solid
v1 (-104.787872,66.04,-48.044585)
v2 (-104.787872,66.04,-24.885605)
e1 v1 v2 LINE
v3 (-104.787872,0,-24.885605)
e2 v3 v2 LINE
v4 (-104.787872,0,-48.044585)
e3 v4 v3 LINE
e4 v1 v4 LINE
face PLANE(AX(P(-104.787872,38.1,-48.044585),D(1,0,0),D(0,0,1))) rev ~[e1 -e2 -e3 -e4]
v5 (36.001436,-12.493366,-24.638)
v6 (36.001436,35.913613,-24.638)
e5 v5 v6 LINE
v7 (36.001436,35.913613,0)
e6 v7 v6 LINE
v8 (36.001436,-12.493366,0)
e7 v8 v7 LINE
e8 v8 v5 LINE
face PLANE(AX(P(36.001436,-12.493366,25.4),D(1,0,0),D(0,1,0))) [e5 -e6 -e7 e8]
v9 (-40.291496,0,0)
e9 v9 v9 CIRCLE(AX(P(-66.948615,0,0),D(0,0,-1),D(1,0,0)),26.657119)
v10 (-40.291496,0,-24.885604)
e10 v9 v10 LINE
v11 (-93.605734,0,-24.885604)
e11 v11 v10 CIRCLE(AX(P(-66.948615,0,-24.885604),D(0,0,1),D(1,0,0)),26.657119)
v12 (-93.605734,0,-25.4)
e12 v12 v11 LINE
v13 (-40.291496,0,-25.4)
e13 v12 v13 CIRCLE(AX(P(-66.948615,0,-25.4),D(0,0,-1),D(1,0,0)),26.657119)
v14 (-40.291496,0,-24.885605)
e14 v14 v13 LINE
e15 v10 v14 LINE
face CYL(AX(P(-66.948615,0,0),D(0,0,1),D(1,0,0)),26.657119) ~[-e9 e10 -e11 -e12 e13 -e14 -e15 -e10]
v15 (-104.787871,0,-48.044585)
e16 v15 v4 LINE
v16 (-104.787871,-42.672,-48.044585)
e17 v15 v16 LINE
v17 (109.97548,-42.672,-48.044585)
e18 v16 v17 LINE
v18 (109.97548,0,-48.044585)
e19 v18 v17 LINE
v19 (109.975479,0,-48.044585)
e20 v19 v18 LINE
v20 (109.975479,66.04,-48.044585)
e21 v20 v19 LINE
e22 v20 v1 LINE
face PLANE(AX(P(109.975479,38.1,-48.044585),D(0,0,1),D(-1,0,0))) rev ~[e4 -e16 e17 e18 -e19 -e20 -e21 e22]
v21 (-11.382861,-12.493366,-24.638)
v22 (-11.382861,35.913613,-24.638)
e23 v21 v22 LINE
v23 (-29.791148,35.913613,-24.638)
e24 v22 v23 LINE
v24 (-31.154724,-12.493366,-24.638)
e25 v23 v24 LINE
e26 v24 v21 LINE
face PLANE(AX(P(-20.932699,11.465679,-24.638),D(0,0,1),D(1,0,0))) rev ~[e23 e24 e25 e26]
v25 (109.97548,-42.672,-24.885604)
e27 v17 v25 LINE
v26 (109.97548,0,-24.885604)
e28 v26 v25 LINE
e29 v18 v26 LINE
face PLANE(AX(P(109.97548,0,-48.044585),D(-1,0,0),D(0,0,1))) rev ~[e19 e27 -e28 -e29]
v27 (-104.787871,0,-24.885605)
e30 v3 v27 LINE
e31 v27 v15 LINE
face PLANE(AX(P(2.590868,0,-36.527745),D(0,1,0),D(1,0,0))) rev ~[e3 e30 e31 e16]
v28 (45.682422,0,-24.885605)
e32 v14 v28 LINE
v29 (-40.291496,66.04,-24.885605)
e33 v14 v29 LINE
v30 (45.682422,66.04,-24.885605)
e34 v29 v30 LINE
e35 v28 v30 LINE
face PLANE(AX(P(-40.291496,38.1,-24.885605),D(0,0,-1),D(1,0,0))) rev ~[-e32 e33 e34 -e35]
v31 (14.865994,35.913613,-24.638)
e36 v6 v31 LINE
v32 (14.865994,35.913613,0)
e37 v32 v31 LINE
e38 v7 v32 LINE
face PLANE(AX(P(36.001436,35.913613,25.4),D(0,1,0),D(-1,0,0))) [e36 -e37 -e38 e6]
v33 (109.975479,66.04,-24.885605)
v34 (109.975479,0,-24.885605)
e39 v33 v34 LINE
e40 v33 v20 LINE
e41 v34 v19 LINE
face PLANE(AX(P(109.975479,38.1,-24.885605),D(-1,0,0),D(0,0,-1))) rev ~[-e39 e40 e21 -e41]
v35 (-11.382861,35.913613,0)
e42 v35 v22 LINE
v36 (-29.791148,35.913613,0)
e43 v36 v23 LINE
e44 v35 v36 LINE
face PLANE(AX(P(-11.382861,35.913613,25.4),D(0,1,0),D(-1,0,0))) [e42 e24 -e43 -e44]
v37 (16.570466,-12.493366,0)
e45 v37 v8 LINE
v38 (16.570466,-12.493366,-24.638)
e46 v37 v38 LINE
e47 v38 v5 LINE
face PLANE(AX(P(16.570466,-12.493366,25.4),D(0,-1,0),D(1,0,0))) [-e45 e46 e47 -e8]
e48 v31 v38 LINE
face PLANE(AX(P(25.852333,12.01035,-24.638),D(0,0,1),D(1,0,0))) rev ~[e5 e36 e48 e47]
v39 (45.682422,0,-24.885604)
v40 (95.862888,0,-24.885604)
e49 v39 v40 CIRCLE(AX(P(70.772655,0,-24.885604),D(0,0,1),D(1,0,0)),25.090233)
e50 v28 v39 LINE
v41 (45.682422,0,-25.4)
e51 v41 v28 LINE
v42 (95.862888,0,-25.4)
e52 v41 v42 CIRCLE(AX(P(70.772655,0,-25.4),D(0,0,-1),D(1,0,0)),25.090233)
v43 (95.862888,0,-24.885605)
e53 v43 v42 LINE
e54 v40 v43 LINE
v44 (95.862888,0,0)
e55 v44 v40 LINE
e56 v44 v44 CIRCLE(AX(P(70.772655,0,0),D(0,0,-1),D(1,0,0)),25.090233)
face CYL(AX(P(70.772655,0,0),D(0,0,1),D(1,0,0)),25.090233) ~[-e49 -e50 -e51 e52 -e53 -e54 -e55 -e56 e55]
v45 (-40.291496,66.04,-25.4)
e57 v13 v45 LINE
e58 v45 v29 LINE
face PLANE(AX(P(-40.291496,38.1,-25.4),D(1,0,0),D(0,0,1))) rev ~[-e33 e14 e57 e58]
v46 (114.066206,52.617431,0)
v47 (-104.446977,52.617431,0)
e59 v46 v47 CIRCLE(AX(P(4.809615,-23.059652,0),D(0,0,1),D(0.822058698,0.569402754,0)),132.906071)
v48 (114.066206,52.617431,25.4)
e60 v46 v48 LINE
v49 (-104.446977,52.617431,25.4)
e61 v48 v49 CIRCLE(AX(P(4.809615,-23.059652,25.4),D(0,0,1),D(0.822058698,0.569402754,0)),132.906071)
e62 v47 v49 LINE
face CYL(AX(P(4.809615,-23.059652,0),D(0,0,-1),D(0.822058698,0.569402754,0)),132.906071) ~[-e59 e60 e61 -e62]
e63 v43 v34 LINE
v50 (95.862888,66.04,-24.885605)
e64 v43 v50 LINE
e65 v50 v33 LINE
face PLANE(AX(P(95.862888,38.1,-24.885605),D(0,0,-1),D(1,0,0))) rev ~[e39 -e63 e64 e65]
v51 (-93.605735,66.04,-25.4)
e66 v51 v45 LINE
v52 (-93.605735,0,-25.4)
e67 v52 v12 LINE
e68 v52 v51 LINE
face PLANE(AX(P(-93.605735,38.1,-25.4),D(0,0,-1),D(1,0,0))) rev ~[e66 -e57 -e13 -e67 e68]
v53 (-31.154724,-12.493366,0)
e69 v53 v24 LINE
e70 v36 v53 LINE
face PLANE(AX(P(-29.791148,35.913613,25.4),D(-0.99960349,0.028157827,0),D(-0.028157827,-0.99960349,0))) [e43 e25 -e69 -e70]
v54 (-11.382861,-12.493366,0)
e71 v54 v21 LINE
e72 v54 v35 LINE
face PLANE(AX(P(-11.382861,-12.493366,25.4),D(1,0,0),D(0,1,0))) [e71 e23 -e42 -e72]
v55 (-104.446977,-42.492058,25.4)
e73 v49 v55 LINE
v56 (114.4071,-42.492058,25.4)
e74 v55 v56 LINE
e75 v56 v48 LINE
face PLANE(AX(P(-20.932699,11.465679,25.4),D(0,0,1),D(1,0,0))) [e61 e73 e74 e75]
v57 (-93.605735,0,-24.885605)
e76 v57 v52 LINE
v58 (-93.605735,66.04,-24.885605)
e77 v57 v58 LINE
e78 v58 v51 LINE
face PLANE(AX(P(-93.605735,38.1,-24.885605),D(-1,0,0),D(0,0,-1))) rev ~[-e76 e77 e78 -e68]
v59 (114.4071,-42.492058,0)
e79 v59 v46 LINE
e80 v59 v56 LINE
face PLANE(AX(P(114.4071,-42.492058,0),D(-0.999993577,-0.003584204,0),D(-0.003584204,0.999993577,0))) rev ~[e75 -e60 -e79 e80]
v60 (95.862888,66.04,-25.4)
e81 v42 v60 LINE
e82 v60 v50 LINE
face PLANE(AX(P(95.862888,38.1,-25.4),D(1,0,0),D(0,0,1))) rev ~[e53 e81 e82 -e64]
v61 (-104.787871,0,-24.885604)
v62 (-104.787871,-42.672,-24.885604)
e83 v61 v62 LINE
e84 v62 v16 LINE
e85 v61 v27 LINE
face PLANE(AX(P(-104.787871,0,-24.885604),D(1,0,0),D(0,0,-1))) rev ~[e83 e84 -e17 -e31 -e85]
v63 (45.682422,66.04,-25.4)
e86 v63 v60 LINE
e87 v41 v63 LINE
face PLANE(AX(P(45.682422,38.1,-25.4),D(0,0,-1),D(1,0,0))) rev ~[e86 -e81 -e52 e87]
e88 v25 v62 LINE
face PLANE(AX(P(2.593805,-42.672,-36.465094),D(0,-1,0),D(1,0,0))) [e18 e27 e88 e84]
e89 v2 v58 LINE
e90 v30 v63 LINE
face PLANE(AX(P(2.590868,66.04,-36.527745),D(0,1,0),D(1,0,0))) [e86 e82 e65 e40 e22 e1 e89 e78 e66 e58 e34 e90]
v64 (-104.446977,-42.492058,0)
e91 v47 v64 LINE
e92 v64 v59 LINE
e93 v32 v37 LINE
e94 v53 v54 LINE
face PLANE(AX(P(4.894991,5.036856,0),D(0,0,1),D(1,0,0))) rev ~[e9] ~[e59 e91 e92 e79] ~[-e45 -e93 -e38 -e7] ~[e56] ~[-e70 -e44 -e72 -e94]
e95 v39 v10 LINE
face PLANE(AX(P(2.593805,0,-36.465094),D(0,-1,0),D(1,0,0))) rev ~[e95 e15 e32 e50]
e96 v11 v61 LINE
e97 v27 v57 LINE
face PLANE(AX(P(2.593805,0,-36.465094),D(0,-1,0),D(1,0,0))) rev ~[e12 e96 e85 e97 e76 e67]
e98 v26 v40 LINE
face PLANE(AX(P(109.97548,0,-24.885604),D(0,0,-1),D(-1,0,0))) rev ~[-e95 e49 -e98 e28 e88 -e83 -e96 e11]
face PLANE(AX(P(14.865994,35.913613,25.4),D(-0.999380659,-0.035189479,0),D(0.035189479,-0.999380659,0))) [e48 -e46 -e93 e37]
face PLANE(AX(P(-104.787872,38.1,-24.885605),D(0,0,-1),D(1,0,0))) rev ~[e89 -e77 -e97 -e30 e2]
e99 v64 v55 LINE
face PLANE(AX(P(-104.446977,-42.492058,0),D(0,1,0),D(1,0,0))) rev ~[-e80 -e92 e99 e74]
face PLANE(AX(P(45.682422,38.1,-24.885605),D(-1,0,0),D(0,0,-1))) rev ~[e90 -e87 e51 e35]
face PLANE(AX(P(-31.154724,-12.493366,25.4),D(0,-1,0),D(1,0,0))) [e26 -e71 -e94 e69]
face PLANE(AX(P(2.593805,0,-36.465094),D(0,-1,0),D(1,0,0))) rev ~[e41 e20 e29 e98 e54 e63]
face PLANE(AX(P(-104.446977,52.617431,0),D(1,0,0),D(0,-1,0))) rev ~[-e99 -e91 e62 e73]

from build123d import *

# Parameters (mm, degrees)
F1_DEPTH = 25.4
F4_DEPTH = 50.038
F2_R     = 25.090233
F2_R_2   = 26.657119
F5_DEPTH = 25.4
F7_DEPTH = 42.672
F8_DEPTH = 38.1
F9_DEPTH = 27.94


with BuildPart() as f1:
    # F0 (on Top) → F1 (new body)
    with BuildSketch(Plane.XY):
        Polygon((-64.763337, -42.492058), (114.4071, -42.492058), (114.066206, 52.617431), (-104.446977, 52.617431), (-104.446977, 43.53686), (-104.446977, -42.492058), align=None)
        with BuildLine():
            Line((-104.446977, 52.617431), (114.066206, 52.617431))
            ThreePointArc((114.066206, 52.617431), (4.809614, 109.846419), (-104.446977, 52.617431))
        make_face()
    extrude(amount=F1_DEPTH)

    # F3 (on face) → F4 (join)
    with BuildSketch(Plane.XY.offset(25.4)):
        Polygon((-29.791148, 35.913613), (-31.154724, -12.493366), (-11.382861, -12.493366), (-11.382861, 35.913613), align=None)
        Polygon((36.001436, 35.913613), (14.865994, 35.913613), (16.570466, -12.493366), (36.001436, -12.493366), align=None)
    extrude(amount=-F4_DEPTH)

    # F2 (on face) → F5 (join)
    with BuildSketch(Plane(origin=(0, 0, 0), x_dir=(1, 0, 0), z_dir=(0, 0, -1))):
        with Locations((70.772655, 0)):
            Circle(F2_R)
        with Locations((-66.948615, 0)):
            Circle(F2_R_2)
    extrude(amount=F5_DEPTH)

    # F6 (on Front) → F7 (join)
    with BuildSketch(Plane.XZ):
        Polygon((-104.787871, -29.317232), (-104.787871, -44.657469), (-104.787871, -48.044585), (109.97548, -48.044585), (109.97548, -24.885604), (-104.787871, -24.885604), align=None)
    extrude(amount=F7_DEPTH)

    # F7_face (on face) → F8 (join)
    with BuildSketch(Plane(origin=(2.62374, 0, -36.587597), x_dir=(1, 0, 0), z_dir=(0, 1, 0))):
        Polygon((-107.411612, 11.456988), (-107.411612, -11.701992), (-96.229475, -11.701992), (-96.229475, -11.187597), (-42.915236, -11.187597), (-42.915236, -11.701992), (43.058682, -11.701992), (43.058682, -11.187597), (93.239148, -11.187597), (93.239148, -11.701992), (107.351739, -11.701992), (107.351739, 11.456988), align=None)
    extrude(amount=F8_DEPTH)

    # F8_face (on face) → F9 (join)
    with BuildSketch(Plane(origin=(2.62374, 38.1, -36.587597), x_dir=(1, 0, 0), z_dir=(0, 1, 0))):
        Polygon((-107.411612, 11.456988), (-107.411612, -11.701992), (-96.229475, -11.701992), (-96.229475, -11.187597), (-42.915236, -11.187597), (-42.915236, -11.701992), (43.058682, -11.701992), (43.058682, -11.187597), (93.239148, -11.187597), (93.239148, -11.701992), (107.351739, -11.701992), (107.351739, 11.456988), align=None)
    extrude(amount=F9_DEPTH)


solid = f1.part
